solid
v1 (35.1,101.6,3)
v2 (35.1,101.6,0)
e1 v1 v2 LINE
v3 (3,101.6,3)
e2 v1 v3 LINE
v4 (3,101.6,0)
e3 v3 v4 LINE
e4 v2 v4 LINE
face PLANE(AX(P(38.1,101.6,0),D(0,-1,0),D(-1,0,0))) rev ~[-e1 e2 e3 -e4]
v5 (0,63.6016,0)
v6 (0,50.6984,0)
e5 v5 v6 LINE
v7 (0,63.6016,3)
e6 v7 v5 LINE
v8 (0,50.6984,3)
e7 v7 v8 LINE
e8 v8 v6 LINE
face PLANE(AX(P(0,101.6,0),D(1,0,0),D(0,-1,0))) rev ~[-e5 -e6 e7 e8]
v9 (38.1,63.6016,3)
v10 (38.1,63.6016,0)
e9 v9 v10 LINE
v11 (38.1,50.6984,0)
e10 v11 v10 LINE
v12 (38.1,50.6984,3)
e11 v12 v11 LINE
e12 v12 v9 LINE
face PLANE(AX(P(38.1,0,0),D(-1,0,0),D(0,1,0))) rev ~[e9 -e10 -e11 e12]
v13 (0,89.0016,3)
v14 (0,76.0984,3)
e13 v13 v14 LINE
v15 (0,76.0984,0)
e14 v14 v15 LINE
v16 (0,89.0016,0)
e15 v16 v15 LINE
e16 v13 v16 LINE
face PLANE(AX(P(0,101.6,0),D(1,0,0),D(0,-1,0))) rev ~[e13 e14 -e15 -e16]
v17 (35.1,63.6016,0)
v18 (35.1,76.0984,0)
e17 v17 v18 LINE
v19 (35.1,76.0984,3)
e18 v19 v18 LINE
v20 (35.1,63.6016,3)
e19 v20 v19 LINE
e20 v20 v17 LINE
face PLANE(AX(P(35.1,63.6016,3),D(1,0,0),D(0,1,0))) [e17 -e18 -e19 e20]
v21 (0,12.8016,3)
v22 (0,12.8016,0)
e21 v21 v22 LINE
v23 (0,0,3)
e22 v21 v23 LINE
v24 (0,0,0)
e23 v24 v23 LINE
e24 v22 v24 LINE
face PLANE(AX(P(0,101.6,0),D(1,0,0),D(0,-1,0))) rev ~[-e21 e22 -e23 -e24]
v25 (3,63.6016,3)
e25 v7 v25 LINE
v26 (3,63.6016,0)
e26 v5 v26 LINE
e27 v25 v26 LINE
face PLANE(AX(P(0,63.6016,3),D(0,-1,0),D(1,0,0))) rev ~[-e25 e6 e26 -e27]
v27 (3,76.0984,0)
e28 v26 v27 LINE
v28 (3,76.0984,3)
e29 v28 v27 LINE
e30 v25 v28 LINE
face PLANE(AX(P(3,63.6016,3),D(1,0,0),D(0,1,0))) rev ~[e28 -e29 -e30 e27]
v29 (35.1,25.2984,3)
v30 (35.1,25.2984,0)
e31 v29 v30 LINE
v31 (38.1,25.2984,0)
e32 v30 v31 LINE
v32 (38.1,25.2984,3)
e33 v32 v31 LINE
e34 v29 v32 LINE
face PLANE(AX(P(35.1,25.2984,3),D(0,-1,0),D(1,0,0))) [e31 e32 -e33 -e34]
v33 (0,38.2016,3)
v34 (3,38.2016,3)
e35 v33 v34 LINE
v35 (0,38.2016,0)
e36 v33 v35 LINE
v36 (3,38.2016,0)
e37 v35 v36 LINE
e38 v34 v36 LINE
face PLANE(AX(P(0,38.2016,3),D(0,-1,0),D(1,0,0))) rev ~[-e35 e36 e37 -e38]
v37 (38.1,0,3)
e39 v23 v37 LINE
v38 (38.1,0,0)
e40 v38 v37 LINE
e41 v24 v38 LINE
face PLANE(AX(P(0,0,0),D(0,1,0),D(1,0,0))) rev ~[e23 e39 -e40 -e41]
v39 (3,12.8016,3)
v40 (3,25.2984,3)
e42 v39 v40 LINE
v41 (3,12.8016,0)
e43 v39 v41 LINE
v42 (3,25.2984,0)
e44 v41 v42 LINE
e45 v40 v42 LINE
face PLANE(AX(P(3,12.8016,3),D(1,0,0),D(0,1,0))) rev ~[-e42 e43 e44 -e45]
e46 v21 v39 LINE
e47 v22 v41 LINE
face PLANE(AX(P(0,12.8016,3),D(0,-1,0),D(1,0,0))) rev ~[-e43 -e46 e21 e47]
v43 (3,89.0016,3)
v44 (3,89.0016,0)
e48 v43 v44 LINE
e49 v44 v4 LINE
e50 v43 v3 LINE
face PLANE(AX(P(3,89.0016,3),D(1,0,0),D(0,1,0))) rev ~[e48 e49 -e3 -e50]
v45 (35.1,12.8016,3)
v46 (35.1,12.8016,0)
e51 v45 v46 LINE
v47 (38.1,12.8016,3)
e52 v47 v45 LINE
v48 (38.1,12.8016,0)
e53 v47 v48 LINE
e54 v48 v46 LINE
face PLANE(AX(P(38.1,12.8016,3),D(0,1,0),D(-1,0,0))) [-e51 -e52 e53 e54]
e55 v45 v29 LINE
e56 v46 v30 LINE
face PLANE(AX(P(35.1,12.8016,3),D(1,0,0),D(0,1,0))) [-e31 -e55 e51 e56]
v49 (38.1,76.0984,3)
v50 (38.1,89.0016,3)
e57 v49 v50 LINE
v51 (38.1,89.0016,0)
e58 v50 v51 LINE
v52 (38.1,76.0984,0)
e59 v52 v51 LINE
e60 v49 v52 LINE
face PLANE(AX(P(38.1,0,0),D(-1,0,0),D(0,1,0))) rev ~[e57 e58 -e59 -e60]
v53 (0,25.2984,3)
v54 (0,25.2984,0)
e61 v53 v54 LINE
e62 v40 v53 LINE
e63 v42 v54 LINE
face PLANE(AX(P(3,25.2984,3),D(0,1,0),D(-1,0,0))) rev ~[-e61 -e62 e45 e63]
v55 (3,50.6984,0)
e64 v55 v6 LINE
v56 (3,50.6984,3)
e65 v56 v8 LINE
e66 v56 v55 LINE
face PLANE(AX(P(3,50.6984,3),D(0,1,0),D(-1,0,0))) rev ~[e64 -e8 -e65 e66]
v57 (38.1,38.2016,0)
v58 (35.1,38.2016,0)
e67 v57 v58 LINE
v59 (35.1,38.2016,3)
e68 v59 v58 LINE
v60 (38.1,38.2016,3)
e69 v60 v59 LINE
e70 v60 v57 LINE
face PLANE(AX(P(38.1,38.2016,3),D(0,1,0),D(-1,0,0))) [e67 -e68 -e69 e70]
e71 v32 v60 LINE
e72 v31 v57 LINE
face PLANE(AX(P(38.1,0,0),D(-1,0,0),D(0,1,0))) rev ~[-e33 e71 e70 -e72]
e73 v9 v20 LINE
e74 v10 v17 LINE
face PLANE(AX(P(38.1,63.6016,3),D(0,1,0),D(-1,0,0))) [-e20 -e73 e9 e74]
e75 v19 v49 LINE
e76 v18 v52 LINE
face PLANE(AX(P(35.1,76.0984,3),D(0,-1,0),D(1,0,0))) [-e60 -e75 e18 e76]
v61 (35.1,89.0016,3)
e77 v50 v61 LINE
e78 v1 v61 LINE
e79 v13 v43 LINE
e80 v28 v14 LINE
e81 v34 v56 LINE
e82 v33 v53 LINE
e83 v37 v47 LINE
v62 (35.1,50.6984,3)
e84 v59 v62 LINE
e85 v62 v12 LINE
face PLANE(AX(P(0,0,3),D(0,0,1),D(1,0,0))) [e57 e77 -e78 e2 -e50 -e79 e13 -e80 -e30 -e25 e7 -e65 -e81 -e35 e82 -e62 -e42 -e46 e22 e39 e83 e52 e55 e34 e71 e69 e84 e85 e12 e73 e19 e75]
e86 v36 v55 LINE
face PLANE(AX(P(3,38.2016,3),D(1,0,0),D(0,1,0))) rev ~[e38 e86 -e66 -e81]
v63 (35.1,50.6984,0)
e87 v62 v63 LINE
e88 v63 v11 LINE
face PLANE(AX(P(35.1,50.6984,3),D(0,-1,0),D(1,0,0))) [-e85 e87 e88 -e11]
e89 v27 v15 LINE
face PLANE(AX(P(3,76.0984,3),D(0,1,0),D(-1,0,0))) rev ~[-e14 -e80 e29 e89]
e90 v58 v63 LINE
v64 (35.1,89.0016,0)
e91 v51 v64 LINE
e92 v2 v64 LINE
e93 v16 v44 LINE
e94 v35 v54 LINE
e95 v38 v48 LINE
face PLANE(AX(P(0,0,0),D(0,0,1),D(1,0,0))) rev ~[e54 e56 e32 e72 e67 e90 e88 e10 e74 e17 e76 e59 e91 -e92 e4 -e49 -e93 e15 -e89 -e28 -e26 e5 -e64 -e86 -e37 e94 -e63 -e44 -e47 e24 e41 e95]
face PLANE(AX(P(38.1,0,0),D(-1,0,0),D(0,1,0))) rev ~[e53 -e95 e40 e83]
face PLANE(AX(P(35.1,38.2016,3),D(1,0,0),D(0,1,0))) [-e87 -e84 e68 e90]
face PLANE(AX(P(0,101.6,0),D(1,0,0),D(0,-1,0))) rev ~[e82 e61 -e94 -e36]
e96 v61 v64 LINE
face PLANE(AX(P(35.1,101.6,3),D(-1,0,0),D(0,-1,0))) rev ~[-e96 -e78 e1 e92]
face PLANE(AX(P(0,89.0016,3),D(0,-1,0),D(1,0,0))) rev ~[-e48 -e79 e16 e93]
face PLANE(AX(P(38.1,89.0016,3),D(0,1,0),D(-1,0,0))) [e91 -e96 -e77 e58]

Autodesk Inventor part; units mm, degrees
ref_plane "YZ Plane" through (0, 0, 0) normal (1, 0, 0) x (0, 1, 0)
ref_plane "XZ Plane" through (0, 0, 0) normal (0, 1, 0) x (-1, 0, 0)
ref_plane "XY Plane" through (0, 0, 0) normal (0, 0, 1) x (1, 0, 0)
sketch "Sketch1" plane through (0, 0, 0) normal (0, 0, 1) x (1, 0, 0)
  line L0 (0, 0) -> (38.1, 0)
  line L1 (38.1, 0) -> (38.1, 101.6)
  line L2 (38.1, 101.6) -> (0, 101.6)
  line L3 (0, 101.6) -> (0, 0)
  dimension "d0" = 38.1
  dimension "d1" = 101.6
extrude "Extrusion1" add sketch "Sketch1" along normal blind 3
sketch "Sketch2" plane through (0, 0, 3) normal (0, 0, 1) x (1, 0, 0)
  line L0 (0, 0) -> (38.1, 0) projected
  line L1 (38.1, 0) -> (38.1, 101.6) projected
  line L2 (38.1, 101.6) -> (0, 101.6) projected
  line L3 (0, 101.6) -> (0, 0) projected
  line L4 (38.1, 12.8016) -> (35.1, 12.8016)
  line L5 (35.1, 12.8016) -> (35.1, 25.2984)
  line L6 (35.1, 25.2984) -> (38.1, 25.2984)
  line L7 (38.1, 25.2984) -> (38.1, 12.8016)
  line L8 (35.1, 38.2016) -> (35.1, 50.6984)
  line L9 (35.1, 50.6984) -> (38.1, 50.6984)
  line L10 (38.1, 38.2016) -> (35.1, 38.2016)
  line L11 (38.1, 50.6984) -> (38.1, 38.2016)
  line L12 (35.1, 63.6016) -> (35.1, 76.0984)
  line L13 (35.1, 76.0984) -> (38.1, 76.0984)
  line L14 (38.1, 63.6016) -> (35.1, 63.6016)
  line L15 (38.1, 76.0984) -> (38.1, 63.6016)
  line L16 (35.1, 89.0016) -> (35.1, 101.4984)
  line L17 (35.1, 101.4984) -> (38.1, 101.4984)
  line L18 (38.1, 89.0016) -> (35.1, 89.0016)
  line L19 (38.1, 101.4984) -> (38.1, 89.0016)
  line L20 (0, 0) -> (38.1, 0) construction
  line L21 (19.05, 0) -> (19.05, 101.6) construction
  line L22 (0, 12.8016) -> (3, 12.8016)
  line L23 (3, 12.8016) -> (3, 25.2984)
  line L24 (3, 25.2984) -> (0, 25.2984)
  line L25 (3, 38.2016) -> (3, 50.6984)
  line L26 (3, 50.6984) -> (0, 50.6984)
  line L27 (0, 38.2016) -> (3, 38.2016)
  line L28 (3, 63.6016) -> (3, 76.0984)
  line L29 (3, 76.0984) -> (0, 76.0984)
  line L30 (0, 63.6016) -> (3, 63.6016)
  line L31 (0, 76.0984) -> (0, 63.6016)
  line L32 (3, 89.0016) -> (3, 101.4984)
  line L33 (3, 101.4984) -> (0, 101.4984)
  line L34 (0, 89.0016) -> (3, 89.0016)
  line L35 (0, 101.4984) -> (0, 89.0016)
  line L36 (0, 38.2016) -> (0, 50.6984)
  line L37 (0, 101.6) -> (0, 0) projected
  line L38 (0, 12.8016) -> (0, 25.2984)
  dimension "d4" = 12.4968
  dimension "d5" = 12.8016
  dimension "d6" = 3
  dimension "d9" = 25.4
extrude "Extrusion2" cut sketch "Sketch2" against normal blind 3 contours L3 L24 L23 L22 | L4 L5 L6 L1 | L3 L26 L25 L27 | L10 L8 L9 L1 | L3 L29 L28 L30 | L14 L12 L13 L1 | L3 L33 L32 L34 | L18 L16 L17 L1
sketch "Sketch3" plane through (0, 0, 3) normal (0, 0, 1) x (1, 0, 0)
  line L0 (35.1, 76.0984) -> (38.1, 76.0984) projected
  line L1 (38.1, 76.0984) -> (38.1, 89.0016) projected
  line L2 (38.1, 89.0016) -> (35.1, 89.0016) projected
  line L3 (35.1, 89.0016) -> (35.1, 101.4984) projected
  line L4 (35.1, 101.4984) -> (38.1, 101.4984) projected
  line L5 (38.1, 101.4984) -> (38.1, 101.6) projected
  line L6 (38.1, 101.6) -> (0, 101.6) projected
  line L7 (0, 101.6) -> (0, 101.4984) projected
  line L8 (0, 0) -> (38.1, 0) projected
  line L9 (38.1, 0) -> (38.1, 12.8016) projected
  line L10 (38.1, 12.8016) -> (35.1, 12.8016) projected
  line L11 (35.1, 12.8016) -> (35.1, 25.2984) projected
  line L12 (35.1, 25.2984) -> (38.1, 25.2984) projected
  line L13 (38.1, 25.2984) -> (38.1, 38.2016) projected
  line L14 (38.1, 38.2016) -> (35.1, 38.2016) projected
  line L15 (35.1, 38.2016) -> (35.1, 50.6984) projected
  line L16 (35.1, 50.6984) -> (38.1, 50.6984) projected
  line L17 (38.1, 50.6984) -> (38.1, 63.6016) projected
  line L18 (38.1, 63.6016) -> (35.1, 63.6016) projected
  line L19 (35.1, 63.6016) -> (35.1, 76.0984) projected
  line L20 (38.1, 101.4984) -> (35.1, 101.4984) projected
  line L21 (38.1, 101.6) -> (35.1, 101.6)
  line L22 (35.1, 101.6) -> (35.1, 101.4984)
  line L23 (35.1, 101.4984) -> (38.1, 101.4984)
  line L24 (38.1, 101.4984) -> (38.1, 101.6)
  line L25 (3, 38.2016) -> (0, 38.2016) projected
  line L26 (0, 38.2016) -> (0, 25.2984) projected
  line L27 (0, 25.2984) -> (3, 25.2984) projected
  line L28 (3, 25.2984) -> (3, 12.8016) projected
  line L29 (3, 12.8016) -> (0, 12.8016) projected
  line L30 (0, 12.8016) -> (0, 0) projected
  line L31 (0, 101.4984) -> (3, 101.4984) projected
  line L32 (3, 101.4984) -> (3, 89.0016) projected
  line L33 (3, 89.0016) -> (0, 89.0016) projected
  line L34 (0, 89.0016) -> (0, 76.0984) projected
  line L35 (0, 76.0984) -> (3, 76.0984) projected
  line L36 (3, 76.0984) -> (3, 63.6016) projected
  line L37 (3, 63.6016) -> (0, 63.6016) projected
  line L38 (0, 63.6016) -> (0, 50.6984) projected
  line L39 (0, 50.6984) -> (3, 50.6984) projected
  line L40 (3, 50.6984) -> (3, 38.2016) projected
  line L41 (3, 101.4984) -> (0, 101.4984) projected
  line L42 (0, 101.6) -> (3, 101.6)
  line L43 (3, 101.6) -> (3, 101.4984)
  line L44 (3, 101.4984) -> (0, 101.4984)
  line L45 (0, 101.4984) -> (0, 101.6)
extrude "Extrusion3" cut sketch "Sketch3" against normal blind 3 contours L22 L6 L5 L4 | L43 L31 L7 L6
properties part number "WallBend"
